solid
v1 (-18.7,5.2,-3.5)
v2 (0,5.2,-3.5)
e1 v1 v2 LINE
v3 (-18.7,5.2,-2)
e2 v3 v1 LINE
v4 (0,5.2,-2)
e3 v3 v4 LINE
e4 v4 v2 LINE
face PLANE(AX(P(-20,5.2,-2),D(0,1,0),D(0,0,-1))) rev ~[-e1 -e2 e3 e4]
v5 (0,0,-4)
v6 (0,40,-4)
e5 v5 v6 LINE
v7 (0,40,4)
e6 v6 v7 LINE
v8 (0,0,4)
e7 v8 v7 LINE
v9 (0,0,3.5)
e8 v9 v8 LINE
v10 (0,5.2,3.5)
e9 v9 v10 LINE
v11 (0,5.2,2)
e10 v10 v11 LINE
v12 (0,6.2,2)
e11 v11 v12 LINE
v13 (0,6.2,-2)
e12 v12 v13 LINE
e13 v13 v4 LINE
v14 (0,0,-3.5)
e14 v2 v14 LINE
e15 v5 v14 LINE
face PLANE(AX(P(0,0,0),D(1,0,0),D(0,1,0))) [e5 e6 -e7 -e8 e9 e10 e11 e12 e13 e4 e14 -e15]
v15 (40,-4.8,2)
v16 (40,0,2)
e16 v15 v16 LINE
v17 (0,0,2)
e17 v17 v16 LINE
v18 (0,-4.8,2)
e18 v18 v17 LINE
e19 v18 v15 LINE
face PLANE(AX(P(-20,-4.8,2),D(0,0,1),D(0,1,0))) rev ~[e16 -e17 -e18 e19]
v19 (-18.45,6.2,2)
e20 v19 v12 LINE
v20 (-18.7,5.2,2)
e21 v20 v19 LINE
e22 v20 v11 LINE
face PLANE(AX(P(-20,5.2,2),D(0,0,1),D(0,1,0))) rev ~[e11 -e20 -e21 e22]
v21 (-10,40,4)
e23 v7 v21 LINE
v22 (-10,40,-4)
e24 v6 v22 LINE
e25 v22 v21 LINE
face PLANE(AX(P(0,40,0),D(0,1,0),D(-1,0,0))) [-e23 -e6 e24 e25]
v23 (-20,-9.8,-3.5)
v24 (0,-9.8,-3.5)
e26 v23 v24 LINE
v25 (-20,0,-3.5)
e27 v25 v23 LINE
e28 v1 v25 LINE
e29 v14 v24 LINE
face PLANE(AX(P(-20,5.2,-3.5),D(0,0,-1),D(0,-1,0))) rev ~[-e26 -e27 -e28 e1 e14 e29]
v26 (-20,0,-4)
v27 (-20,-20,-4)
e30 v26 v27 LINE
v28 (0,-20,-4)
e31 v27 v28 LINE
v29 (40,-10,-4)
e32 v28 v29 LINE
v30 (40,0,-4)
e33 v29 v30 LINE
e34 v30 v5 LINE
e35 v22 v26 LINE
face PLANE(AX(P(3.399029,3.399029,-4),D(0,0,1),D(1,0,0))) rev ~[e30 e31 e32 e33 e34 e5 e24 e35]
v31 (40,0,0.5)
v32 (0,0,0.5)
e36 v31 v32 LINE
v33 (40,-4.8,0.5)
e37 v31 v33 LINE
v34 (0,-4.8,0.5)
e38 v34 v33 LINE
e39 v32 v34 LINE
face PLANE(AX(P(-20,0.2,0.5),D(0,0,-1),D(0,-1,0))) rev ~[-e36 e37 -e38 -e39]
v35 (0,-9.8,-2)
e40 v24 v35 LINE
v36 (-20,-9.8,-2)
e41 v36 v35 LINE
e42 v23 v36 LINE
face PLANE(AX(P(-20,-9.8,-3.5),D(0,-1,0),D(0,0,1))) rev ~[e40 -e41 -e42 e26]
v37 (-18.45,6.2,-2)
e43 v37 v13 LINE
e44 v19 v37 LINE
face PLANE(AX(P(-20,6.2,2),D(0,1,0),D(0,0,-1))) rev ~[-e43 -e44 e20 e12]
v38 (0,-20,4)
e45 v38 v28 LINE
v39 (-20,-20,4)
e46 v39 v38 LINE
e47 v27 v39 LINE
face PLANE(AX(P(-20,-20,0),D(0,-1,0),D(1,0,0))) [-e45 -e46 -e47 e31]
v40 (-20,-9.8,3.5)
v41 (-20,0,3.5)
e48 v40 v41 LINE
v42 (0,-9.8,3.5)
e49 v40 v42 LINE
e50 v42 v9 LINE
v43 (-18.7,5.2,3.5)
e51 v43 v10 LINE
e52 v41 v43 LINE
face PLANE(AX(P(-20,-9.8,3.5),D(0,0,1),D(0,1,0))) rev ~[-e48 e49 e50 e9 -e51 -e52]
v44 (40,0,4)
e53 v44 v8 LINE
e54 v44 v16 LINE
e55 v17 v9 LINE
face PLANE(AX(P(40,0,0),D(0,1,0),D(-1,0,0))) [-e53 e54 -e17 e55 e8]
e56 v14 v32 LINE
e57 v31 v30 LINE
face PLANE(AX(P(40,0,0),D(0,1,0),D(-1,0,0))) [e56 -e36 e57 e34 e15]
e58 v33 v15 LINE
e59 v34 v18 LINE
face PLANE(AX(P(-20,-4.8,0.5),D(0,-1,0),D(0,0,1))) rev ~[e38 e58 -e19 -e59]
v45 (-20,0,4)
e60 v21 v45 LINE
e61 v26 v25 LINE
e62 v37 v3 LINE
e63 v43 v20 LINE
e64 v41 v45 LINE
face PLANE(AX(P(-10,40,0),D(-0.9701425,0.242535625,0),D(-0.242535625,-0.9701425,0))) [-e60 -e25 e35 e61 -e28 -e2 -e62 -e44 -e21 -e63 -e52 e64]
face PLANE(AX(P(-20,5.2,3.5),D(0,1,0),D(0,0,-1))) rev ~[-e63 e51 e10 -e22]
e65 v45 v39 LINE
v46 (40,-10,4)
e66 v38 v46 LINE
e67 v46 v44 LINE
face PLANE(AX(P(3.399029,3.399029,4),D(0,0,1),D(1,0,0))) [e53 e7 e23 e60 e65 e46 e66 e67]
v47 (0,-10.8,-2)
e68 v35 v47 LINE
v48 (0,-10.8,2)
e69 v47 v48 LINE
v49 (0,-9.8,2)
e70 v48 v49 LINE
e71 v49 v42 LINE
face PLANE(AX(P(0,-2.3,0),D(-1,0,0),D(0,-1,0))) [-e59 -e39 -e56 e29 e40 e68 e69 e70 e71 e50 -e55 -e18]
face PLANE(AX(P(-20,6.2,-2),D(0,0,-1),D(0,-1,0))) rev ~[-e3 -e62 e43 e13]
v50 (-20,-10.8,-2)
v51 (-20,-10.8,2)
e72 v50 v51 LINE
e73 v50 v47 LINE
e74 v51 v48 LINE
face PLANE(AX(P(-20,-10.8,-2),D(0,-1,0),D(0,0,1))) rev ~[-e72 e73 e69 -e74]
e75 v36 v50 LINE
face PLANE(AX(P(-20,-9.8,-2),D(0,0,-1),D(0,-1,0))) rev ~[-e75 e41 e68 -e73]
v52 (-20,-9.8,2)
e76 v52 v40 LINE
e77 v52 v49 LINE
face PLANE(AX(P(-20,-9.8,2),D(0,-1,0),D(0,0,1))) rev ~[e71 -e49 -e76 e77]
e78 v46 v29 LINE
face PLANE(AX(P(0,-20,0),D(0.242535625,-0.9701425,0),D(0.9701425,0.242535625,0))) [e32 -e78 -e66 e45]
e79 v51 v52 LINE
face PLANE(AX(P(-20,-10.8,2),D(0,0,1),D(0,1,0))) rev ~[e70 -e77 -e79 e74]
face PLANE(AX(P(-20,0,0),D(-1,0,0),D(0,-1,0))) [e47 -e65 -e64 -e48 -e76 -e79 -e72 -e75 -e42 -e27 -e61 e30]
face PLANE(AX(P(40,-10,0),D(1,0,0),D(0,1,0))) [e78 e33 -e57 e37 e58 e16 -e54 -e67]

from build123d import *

# Parameters (mm, degrees)
F1_DEPTH = 4
F2_W     = 5
F2_H     = 1.5
F2_W_2   = 0.1
F2_H_2   = 1.3
F2_W_3   = 4.7
F3_DEPTH = 20
F4_DEPTH = 60


with BuildPart() as f1:
    # F0 (on Top) → F1 (new body, symmetric)
    with BuildSketch(Plane.XY):
        Polygon((40, 0), (0, 0), (0, 40), (-10, 40), (-20, 0), (-20, -20), (0, -20), (40, -10), align=None)
    extrude(amount=F1_DEPTH, both=True)

    # F2 (on face) → F3 (cut, through all)
    with BuildSketch(Plane(origin=(-20, 0, 0), x_dir=(0, -1, 0), z_dir=(-1, 0, 0))):
        Polygon((-5.2, 2), (-6.2, 2), (-6.2, -2), (-5.2, -2), (-5.2, -3.5), (9.8, -3.5), (9.8, -2), (10.8, -2), (10.8, 2), (9.8, 2), (9.8, 3.5), (-5.2, 3.5), align=None)
        with Locations((2.3, 1.25)):
            Rectangle(F2_W, F2_H, mode=Mode.SUBTRACT)
        with Locations((-0.05, 1.25)):
            Rectangle(F2_W_2, F2_H_2)
        with Locations((2.35, 1.25)):
            Rectangle(F2_W_3, F2_H_2)
        Polygon((4.8, 2), (0, 2), (0, 1.9), (4.7, 1.9), (4.7, 0.6), (0, 0.6), (0, 0.5), (4.8, 0.5), align=None)
        Polygon((0, 1.9), (0, 2), (-0.2, 2), (-0.2, 0.5), (0, 0.5), (0, 0.6), (-0.1, 0.6), (-0.1, 1.9), align=None)
    extrude(amount=-F3_DEPTH, mode=Mode.SUBTRACT)

    # F2 (on face) → F4 (cut, through all)
    with BuildSketch(Plane(origin=(-20, 0, 0), x_dir=(0, -1, 0), z_dir=(-1, 0, 0))):
        Polygon((4.8, 2), (0, 2), (0, 1.9), (4.7, 1.9), (4.7, 0.6), (0, 0.6), (0, 0.5), (4.8, 0.5), align=None)
        with Locations((2.35, 1.25)):
            Rectangle(F2_W_3, F2_H_2)
        with Locations((-0.05, 1.25)):
            Rectangle(F2_W_2, F2_H_2)
        Polygon((0, 1.9), (0, 2), (-0.2, 2), (-0.2, 0.5), (0, 0.5), (0, 0.6), (-0.1, 0.6), (-0.1, 1.9), align=None)
    extrude(amount=-F4_DEPTH, mode=Mode.SUBTRACT)


solid = f1.part
